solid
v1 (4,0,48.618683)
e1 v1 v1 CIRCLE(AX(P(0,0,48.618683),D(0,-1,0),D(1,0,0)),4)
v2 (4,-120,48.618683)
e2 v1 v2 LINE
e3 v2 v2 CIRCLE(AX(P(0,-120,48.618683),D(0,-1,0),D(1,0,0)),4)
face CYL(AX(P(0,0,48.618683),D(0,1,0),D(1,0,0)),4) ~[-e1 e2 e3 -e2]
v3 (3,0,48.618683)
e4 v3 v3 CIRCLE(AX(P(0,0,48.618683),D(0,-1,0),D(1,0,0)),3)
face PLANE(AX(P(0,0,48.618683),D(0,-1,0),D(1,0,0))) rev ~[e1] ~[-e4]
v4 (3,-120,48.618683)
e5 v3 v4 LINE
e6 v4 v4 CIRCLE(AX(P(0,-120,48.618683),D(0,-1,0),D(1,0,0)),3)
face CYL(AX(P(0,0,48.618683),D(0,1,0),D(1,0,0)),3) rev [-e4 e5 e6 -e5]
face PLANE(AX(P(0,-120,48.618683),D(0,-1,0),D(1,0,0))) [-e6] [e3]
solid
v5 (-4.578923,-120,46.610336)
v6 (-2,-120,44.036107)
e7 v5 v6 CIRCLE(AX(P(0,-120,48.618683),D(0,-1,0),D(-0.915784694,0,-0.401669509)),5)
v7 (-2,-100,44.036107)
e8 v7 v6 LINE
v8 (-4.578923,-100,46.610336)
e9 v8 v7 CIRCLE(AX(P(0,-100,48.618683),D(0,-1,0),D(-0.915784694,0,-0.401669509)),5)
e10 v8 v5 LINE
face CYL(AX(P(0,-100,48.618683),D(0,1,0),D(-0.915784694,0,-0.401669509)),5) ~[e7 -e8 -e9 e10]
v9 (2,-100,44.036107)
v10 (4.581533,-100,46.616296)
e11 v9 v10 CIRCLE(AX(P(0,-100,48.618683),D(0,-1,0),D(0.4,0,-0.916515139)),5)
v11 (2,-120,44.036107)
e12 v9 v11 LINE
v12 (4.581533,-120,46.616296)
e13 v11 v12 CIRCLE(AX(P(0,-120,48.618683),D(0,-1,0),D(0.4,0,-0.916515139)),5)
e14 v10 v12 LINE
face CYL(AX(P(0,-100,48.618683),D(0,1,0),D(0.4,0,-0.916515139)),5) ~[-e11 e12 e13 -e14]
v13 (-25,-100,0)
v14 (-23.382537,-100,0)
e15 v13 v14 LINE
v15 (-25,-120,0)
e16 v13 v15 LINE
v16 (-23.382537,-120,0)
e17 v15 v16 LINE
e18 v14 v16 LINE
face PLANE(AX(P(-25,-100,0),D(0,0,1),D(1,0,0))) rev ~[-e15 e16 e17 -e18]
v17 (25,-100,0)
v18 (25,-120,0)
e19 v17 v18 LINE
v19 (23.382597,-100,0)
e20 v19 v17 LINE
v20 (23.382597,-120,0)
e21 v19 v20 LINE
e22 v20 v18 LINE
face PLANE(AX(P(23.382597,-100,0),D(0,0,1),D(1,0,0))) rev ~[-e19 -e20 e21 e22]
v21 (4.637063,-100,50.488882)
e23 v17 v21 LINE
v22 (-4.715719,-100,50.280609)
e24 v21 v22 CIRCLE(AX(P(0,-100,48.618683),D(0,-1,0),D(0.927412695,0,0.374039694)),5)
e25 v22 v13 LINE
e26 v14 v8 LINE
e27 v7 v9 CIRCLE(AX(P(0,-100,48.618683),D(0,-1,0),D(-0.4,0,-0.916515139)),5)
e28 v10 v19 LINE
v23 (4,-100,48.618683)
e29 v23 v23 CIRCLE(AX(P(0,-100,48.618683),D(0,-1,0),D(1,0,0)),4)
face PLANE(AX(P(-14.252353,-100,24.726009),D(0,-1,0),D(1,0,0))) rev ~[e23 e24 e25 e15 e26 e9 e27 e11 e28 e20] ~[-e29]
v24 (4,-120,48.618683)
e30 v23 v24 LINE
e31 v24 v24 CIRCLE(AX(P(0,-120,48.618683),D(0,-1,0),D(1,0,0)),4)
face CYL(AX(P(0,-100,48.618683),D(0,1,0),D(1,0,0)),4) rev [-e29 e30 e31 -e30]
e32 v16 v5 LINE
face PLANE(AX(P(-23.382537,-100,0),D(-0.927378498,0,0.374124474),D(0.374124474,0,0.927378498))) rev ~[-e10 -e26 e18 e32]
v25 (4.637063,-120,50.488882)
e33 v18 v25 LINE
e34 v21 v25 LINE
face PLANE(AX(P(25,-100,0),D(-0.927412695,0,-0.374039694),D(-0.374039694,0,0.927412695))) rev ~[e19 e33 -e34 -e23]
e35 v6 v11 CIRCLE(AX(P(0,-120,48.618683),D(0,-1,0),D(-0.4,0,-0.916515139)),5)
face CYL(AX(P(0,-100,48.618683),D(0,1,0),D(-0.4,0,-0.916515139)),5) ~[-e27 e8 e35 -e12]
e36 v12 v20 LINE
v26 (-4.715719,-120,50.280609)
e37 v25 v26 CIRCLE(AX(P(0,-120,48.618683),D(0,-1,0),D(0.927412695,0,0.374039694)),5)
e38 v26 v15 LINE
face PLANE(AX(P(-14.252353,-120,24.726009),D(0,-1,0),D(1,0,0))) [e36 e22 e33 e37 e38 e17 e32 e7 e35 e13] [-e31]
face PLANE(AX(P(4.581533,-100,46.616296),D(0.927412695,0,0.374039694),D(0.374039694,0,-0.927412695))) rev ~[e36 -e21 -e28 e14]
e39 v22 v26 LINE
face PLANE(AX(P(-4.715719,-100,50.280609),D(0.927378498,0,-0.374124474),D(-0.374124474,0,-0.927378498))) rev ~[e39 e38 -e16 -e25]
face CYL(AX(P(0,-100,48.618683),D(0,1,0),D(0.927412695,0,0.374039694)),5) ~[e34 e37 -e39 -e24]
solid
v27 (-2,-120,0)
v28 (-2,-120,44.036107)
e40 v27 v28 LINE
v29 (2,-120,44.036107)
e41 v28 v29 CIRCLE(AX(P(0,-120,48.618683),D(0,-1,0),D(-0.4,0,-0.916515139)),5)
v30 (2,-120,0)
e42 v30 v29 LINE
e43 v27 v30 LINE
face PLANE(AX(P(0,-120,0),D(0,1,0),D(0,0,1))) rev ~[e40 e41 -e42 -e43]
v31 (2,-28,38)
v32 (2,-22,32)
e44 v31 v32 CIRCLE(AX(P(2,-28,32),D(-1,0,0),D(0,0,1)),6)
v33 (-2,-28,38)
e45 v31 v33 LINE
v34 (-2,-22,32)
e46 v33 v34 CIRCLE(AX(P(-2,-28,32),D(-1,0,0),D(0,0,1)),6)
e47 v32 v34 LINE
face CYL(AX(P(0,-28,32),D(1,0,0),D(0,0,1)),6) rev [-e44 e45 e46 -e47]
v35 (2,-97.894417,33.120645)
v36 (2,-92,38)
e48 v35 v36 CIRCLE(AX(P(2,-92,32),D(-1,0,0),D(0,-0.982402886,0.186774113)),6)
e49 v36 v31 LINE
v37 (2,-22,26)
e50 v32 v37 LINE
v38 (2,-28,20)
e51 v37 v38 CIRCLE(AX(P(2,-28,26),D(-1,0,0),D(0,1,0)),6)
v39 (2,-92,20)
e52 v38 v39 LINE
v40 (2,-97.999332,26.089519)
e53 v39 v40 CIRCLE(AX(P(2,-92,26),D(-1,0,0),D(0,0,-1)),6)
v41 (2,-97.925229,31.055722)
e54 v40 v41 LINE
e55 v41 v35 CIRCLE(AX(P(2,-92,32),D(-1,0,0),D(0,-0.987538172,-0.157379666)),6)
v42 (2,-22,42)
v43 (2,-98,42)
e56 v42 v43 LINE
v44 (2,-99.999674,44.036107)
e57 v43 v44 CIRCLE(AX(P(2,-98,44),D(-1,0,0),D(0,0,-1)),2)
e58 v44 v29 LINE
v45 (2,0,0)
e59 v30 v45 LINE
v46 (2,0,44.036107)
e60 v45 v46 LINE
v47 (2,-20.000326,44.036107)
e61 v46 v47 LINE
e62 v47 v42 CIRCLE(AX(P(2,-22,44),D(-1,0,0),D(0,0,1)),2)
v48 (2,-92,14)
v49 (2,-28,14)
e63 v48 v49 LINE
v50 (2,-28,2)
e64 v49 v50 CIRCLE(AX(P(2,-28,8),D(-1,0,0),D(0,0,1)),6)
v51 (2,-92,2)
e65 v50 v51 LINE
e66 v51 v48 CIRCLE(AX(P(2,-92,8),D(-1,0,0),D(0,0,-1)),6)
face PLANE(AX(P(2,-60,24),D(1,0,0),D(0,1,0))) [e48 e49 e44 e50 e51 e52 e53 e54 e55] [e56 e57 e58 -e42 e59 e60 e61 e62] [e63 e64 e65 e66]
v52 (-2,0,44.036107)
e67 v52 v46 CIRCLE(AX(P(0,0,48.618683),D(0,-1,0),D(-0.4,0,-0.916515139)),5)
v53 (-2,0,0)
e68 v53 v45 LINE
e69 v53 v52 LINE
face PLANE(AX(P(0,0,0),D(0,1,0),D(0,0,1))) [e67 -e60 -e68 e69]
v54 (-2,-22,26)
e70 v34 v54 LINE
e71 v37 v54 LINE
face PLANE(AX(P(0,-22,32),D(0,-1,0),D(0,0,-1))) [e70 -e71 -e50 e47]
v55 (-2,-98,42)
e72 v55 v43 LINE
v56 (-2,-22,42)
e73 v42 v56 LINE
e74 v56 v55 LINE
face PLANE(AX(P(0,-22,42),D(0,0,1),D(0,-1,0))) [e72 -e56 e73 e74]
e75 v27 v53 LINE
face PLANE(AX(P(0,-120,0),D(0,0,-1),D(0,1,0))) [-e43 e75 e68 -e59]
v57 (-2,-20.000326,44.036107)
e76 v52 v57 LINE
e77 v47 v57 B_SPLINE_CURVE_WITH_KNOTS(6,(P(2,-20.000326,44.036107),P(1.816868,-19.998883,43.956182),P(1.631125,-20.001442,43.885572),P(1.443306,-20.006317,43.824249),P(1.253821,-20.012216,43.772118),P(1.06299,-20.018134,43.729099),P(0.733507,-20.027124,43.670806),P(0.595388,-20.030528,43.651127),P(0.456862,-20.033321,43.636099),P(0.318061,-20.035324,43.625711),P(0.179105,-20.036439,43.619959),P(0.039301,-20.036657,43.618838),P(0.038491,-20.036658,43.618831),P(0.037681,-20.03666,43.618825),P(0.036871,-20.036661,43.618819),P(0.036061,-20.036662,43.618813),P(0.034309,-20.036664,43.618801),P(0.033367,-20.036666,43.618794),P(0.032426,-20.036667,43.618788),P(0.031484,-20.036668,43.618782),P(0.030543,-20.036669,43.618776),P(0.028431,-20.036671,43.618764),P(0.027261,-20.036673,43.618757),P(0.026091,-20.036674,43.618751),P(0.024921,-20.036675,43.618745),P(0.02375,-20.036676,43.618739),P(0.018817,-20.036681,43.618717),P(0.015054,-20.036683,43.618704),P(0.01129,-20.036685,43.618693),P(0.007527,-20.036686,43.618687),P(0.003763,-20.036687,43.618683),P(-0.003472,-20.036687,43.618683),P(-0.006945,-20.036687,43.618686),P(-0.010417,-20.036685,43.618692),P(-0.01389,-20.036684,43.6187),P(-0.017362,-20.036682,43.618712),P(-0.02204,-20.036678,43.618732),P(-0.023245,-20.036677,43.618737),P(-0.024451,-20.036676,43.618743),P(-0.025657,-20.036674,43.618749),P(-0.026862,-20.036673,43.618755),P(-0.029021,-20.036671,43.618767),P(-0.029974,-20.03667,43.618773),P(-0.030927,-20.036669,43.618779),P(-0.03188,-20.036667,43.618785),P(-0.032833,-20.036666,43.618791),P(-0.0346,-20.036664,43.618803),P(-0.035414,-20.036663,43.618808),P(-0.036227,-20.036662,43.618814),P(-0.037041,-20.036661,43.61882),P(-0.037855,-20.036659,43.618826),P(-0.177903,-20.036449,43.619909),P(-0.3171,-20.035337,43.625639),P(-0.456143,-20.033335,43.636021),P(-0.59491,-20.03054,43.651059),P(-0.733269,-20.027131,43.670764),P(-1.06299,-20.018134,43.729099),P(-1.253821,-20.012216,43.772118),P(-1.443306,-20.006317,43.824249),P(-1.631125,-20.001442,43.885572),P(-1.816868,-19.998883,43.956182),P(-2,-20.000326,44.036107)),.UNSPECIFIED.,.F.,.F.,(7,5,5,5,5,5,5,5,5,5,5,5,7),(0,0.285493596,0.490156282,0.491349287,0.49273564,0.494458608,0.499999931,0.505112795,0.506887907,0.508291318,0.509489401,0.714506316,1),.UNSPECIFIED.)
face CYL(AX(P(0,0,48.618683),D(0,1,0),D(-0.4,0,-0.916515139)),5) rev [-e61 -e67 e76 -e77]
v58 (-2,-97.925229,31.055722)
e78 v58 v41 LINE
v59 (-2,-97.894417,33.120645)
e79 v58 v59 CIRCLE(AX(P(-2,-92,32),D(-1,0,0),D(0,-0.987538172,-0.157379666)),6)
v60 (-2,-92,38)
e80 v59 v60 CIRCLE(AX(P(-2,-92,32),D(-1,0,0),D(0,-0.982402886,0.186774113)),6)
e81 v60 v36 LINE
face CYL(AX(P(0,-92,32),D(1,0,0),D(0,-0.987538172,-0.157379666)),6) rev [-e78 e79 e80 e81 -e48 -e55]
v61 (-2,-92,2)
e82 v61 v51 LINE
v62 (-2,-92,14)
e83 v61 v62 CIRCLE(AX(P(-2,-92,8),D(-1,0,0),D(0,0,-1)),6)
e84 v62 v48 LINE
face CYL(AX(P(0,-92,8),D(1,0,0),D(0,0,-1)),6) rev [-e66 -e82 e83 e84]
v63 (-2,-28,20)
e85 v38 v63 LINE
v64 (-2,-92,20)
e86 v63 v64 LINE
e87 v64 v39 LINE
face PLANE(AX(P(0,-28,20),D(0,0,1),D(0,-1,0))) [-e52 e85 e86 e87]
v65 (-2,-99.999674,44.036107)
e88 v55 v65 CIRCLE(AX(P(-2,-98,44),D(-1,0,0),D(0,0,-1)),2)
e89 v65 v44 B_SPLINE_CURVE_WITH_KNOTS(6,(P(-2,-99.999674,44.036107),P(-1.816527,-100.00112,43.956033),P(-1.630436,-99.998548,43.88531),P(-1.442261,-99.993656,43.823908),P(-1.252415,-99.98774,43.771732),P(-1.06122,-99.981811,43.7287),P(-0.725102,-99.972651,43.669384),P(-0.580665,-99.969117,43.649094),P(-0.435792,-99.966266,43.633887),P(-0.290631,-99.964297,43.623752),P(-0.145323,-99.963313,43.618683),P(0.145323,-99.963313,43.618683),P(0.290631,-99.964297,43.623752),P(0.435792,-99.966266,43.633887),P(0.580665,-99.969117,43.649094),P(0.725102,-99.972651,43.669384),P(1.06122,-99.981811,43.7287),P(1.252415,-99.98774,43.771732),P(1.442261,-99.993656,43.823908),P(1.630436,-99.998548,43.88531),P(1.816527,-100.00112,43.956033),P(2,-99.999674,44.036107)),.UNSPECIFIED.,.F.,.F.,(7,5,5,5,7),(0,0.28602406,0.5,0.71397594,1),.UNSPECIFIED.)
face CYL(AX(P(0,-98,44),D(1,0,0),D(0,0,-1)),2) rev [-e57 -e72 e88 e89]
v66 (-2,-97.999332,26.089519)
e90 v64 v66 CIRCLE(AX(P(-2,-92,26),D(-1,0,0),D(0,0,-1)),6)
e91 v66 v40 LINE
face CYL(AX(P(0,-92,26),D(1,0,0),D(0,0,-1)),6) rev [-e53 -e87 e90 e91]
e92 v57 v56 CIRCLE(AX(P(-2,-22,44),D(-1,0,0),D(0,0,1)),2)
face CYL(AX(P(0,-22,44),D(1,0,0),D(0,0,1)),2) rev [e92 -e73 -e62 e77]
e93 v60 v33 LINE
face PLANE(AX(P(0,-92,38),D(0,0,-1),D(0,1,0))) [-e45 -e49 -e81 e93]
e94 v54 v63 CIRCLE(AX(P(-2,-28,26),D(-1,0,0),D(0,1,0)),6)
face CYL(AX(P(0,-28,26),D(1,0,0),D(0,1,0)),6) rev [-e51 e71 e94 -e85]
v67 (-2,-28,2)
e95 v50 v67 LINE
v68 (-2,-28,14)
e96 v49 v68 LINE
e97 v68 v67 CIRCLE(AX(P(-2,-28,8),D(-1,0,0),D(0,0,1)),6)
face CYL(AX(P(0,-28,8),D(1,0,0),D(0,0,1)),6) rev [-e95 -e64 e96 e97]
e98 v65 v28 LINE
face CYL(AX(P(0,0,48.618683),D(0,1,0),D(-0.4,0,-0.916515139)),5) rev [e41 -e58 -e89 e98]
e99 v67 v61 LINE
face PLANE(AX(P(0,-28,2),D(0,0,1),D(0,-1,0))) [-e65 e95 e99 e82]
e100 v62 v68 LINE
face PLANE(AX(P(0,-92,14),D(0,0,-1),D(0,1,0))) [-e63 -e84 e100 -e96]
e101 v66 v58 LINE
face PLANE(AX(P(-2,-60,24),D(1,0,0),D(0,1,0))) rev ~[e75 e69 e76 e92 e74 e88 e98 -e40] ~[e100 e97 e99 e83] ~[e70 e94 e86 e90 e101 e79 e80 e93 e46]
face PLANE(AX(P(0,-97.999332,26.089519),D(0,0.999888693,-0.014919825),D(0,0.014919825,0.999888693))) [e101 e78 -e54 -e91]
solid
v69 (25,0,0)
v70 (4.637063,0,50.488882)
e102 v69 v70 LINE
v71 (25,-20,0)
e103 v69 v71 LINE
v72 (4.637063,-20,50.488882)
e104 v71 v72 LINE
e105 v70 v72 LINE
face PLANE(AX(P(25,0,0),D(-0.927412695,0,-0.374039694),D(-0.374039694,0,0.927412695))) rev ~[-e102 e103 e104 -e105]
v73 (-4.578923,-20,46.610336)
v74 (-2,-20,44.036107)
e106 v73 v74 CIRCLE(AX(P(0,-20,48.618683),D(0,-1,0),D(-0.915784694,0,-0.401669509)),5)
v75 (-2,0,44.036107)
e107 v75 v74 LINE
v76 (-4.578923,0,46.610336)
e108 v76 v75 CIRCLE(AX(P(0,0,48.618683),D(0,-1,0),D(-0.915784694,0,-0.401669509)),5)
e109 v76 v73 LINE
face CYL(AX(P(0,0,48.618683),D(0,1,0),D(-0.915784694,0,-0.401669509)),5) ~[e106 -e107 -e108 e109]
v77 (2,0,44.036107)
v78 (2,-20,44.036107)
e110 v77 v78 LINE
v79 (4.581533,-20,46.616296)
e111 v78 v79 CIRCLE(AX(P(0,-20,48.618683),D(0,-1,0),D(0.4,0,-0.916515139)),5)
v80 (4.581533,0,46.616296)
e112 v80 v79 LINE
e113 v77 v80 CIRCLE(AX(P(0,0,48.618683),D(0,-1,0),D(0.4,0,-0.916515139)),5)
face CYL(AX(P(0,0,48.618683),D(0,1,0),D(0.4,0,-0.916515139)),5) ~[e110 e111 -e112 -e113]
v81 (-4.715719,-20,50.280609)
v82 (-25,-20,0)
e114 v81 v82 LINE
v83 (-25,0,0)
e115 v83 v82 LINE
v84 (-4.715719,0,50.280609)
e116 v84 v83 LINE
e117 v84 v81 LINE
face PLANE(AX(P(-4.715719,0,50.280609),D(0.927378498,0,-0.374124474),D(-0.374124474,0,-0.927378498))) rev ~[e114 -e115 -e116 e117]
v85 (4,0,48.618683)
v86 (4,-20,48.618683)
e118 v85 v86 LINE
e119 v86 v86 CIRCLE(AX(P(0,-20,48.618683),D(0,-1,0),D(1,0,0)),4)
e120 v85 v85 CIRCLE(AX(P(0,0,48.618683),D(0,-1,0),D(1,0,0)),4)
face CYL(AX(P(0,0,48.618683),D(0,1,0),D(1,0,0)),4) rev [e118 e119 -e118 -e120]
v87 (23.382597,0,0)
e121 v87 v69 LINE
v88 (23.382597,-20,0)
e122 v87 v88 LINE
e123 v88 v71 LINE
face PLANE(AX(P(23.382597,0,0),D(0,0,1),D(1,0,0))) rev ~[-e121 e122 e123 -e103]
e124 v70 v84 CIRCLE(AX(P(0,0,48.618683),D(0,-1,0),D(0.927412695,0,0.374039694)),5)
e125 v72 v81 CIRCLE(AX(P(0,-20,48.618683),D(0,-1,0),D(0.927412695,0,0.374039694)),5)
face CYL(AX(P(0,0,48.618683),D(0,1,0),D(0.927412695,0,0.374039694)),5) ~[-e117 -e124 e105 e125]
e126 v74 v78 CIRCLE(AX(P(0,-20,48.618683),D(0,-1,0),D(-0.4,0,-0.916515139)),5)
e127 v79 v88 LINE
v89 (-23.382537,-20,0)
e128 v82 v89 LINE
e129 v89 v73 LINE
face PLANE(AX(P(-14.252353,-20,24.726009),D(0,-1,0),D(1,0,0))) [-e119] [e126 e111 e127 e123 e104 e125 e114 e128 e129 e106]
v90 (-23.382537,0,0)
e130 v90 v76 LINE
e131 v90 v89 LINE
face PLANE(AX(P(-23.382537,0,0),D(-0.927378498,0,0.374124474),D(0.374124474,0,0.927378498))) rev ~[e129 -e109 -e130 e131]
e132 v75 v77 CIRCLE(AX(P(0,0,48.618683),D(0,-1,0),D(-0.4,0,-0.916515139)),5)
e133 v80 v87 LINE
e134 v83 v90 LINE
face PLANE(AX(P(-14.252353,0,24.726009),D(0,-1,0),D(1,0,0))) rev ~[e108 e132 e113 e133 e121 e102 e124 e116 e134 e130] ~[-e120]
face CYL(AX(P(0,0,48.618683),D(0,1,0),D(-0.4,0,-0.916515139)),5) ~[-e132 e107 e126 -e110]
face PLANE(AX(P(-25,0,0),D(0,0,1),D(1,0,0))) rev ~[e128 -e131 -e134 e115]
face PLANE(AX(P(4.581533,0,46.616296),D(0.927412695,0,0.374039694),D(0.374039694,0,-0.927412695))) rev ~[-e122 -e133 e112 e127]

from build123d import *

# Parameters (mm, degrees)
F0_W     = 120
F0_H     = 48
F2_DEPTH = 2
F1_R     = 4
F1_R_2   = 3
F3_DEPTH = 120
F4_START = 100
F4_DEPTH = 20
F5_DEPTH = 20
F6_DEPTH = 120


with BuildPart() as f2:
    # F0 (on Right) → F2 (new body, symmetric)
    with BuildSketch(Plane.YZ):
        with Locations((-60, 24)):
            Rectangle(F0_W, F0_H)
        with BuildLine():
            ThreePointArc((-92, 2), (-98, 8), (-92, 14))
            Line((-92, 14), (-28, 14))
            ThreePointArc((-28, 14), (-22, 8), (-28, 2))
            Line((-28, 2), (-92, 2))
        make_face(mode=Mode.SUBTRACT)
        with BuildLine():
            ThreePointArc((-92, 20), (-96.2741732358, 21.7891279822), (-97.9993321593, 26.0895189498))
            Line((-97.9993321593, 26.0895189498), (-97.9252290308, 31.0557220047))
            ThreePointArc((-97.9252290308, 31.0557220047), (-97.9993321593, 32.0895189498), (-97.8944173164, 33.1206446807))
            ThreePointArc((-97.8944173164, 33.1206446807), (-95.8259725506, 36.621897234), (-92, 38))
            Line((-92, 38), (-28, 38))
            ThreePointArc((-28, 38), (-23.7573593129, 36.2426406871), (-22, 32))
            Line((-22, 32), (-22, 26))
            ThreePointArc((-22, 26), (-23.7573593129, 21.7573593129), (-28, 20))
            Line((-28, 20), (-92, 20))
        make_face(mode=Mode.SUBTRACT)
        with BuildLine():
            ThreePointArc((-98, 42), (-100, 44), (-98, 46))
            Line((-98, 46), (-22, 46))
            ThreePointArc((-22, 46), (-20, 44), (-22, 42))
            Line((-22, 42), (-98, 42))
        make_face(mode=Mode.SUBTRACT)
    extrude(amount=F2_DEPTH, both=True)

    # F1 (on Front) → F3 (cut)
    with BuildSketch(Plane.XZ):
        with BuildLine():
            ThreePointArc((4.5815332864, 46.6162963505), (4.8942653398, 47.5958601642), (5, 48.6186831126))
            ThreePointArc((5, 48.6186831126), (4.9084273131, 49.5712277634), (4.6370634753, 50.4888815849))
            ThreePointArc((4.6370634753, 50.4888815849), (-0.1113152462, 53.6174438506), (-4.7157188179, 50.2806085112))
            ThreePointArc((-4.7157188179, 50.2806085112), (-4.9965307646, 48.4324565894), (-4.5789234689, 46.6103355665))
            ThreePointArc((-4.5789234689, 46.6103355665), (-3.5323110201, 45.0799292561), (-2, 44.0361074177))
            ThreePointArc((-2, 44.0361074177), (0, 43.6186831126), (2, 44.0361074177))
            ThreePointArc((2, 44.0361074177), (3.5346129678, 45.0822285084), (4.5815332864, 46.6162963505))
        make_face()
        with Locations((0, 48.6186831126)):
            Circle(F1_R, mode=Mode.SUBTRACT)
        with Locations((0, 48.6186831126)):
            Circle(F1_R)
        with Locations((0, 48.6186831126)):
            Circle(F1_R_2, mode=Mode.SUBTRACT)
        with Locations((0, 48.6186831126)):
            Circle(F1_R_2)
    extrude(amount=F3_DEPTH, mode=Mode.SUBTRACT)


with BuildPart() as f4:
    # F1 (on Front) → F4 (new body)
    with BuildSketch(Plane.XZ.offset(F4_START)):
        with BuildLine():
            ThreePointArc((-4.5789234689, 46.6103355665), (-4.9965307646, 48.4324565894), (-4.7157188179, 50.2806085112))
            Line((-4.7157188179, 50.2806085112), (-25, 0))
            Line((-25, 0), (-23.3825374389, 0))
            Line((-23.3825374389, 0), (-4.5789234689, 46.6103355665))
        make_face()
        with BuildLine():
            ThreePointArc((4.6370634753, 50.4888815849), (4.9084273131, 49.5712277634), (5, 48.6186831126))
            ThreePointArc((5, 48.6186831126), (4.8942653398, 47.5958601642), (4.5815332864, 46.6162963505))
            Line((4.5815332864, 46.6162963505), (23.3825970811, 0))
            Line((23.3825970811, 0), (25, 0))
            Line((25, 0), (4.6370634753, 50.4888815849))
        make_face()
        with BuildLine():
            ThreePointArc((4.5815332864, 46.6162963505), (4.8942653398, 47.5958601642), (5, 48.6186831126))
            ThreePointArc((5, 48.6186831126), (4.9084273131, 49.5712277634), (4.6370634753, 50.4888815849))
            ThreePointArc((4.6370634753, 50.4888815849), (-0.1113152462, 53.6174438506), (-4.7157188179, 50.2806085112))
            ThreePointArc((-4.7157188179, 50.2806085112), (-4.9965307646, 48.4324565894), (-4.5789234689, 46.6103355665))
            ThreePointArc((-4.5789234689, 46.6103355665), (-3.5323110201, 45.0799292561), (-2, 44.0361074177))
            ThreePointArc((-2, 44.0361074177), (0, 43.6186831126), (2, 44.0361074177))
            ThreePointArc((2, 44.0361074177), (3.5346129678, 45.0822285084), (4.5815332864, 46.6162963505))
        make_face()
        with Locations((0, 48.6186831126)):
            Circle(F1_R, mode=Mode.SUBTRACT)
    extrude(amount=F4_DEPTH)


with BuildPart() as f5:
    # F1 (on Front) → F5 (new body)
    with BuildSketch(Plane.XZ):
        with BuildLine():
            ThreePointArc((-4.5789234689, 46.6103355665), (-4.9965307646, 48.4324565894), (-4.7157188179, 50.2806085112))
            Line((-4.7157188179, 50.2806085112), (-25, 0))
            Line((-25, 0), (-23.3825374389, 0))
            Line((-23.3825374389, 0), (-4.5789234689, 46.6103355665))
        make_face()
        with BuildLine():
            ThreePointArc((4.6370634753, 50.4888815849), (4.9084273131, 49.5712277634), (5, 48.6186831126))
            ThreePointArc((5, 48.6186831126), (4.8942653398, 47.5958601642), (4.5815332864, 46.6162963505))
            Line((4.5815332864, 46.6162963505), (23.3825970811, 0))
            Line((23.3825970811, 0), (25, 0))
            Line((25, 0), (4.6370634753, 50.4888815849))
        make_face()
        with BuildLine():
            ThreePointArc((4.5815332864, 46.6162963505), (4.8942653398, 47.5958601642), (5, 48.6186831126))
            ThreePointArc((5, 48.6186831126), (4.9084273131, 49.5712277634), (4.6370634753, 50.4888815849))
            ThreePointArc((4.6370634753, 50.4888815849), (-0.1113152462, 53.6174438506), (-4.7157188179, 50.2806085112))
            ThreePointArc((-4.7157188179, 50.2806085112), (-4.9965307646, 48.4324565894), (-4.5789234689, 46.6103355665))
            ThreePointArc((-4.5789234689, 46.6103355665), (-3.5323110201, 45.0799292561), (-2, 44.0361074177))
            ThreePointArc((-2, 44.0361074177), (0, 43.6186831126), (2, 44.0361074177))
            ThreePointArc((2, 44.0361074177), (3.5346129678, 45.0822285084), (4.5815332864, 46.6162963505))
        make_face()
        with Locations((0, 48.6186831126)):
            Circle(F1_R, mode=Mode.SUBTRACT)
    extrude(amount=F5_DEPTH)


with BuildPart() as f6:
    # F1 (on Front) → F6 (new body)
    with BuildSketch(Plane.XZ):
        with Locations((0, 48.6186831126)):
            Circle(F1_R)
        with Locations((0, 48.6186831126)):
            Circle(F1_R_2, mode=Mode.SUBTRACT)
    extrude(amount=F6_DEPTH)


solid = Compound([f2.part, f4.part, f5.part, f6.part])
